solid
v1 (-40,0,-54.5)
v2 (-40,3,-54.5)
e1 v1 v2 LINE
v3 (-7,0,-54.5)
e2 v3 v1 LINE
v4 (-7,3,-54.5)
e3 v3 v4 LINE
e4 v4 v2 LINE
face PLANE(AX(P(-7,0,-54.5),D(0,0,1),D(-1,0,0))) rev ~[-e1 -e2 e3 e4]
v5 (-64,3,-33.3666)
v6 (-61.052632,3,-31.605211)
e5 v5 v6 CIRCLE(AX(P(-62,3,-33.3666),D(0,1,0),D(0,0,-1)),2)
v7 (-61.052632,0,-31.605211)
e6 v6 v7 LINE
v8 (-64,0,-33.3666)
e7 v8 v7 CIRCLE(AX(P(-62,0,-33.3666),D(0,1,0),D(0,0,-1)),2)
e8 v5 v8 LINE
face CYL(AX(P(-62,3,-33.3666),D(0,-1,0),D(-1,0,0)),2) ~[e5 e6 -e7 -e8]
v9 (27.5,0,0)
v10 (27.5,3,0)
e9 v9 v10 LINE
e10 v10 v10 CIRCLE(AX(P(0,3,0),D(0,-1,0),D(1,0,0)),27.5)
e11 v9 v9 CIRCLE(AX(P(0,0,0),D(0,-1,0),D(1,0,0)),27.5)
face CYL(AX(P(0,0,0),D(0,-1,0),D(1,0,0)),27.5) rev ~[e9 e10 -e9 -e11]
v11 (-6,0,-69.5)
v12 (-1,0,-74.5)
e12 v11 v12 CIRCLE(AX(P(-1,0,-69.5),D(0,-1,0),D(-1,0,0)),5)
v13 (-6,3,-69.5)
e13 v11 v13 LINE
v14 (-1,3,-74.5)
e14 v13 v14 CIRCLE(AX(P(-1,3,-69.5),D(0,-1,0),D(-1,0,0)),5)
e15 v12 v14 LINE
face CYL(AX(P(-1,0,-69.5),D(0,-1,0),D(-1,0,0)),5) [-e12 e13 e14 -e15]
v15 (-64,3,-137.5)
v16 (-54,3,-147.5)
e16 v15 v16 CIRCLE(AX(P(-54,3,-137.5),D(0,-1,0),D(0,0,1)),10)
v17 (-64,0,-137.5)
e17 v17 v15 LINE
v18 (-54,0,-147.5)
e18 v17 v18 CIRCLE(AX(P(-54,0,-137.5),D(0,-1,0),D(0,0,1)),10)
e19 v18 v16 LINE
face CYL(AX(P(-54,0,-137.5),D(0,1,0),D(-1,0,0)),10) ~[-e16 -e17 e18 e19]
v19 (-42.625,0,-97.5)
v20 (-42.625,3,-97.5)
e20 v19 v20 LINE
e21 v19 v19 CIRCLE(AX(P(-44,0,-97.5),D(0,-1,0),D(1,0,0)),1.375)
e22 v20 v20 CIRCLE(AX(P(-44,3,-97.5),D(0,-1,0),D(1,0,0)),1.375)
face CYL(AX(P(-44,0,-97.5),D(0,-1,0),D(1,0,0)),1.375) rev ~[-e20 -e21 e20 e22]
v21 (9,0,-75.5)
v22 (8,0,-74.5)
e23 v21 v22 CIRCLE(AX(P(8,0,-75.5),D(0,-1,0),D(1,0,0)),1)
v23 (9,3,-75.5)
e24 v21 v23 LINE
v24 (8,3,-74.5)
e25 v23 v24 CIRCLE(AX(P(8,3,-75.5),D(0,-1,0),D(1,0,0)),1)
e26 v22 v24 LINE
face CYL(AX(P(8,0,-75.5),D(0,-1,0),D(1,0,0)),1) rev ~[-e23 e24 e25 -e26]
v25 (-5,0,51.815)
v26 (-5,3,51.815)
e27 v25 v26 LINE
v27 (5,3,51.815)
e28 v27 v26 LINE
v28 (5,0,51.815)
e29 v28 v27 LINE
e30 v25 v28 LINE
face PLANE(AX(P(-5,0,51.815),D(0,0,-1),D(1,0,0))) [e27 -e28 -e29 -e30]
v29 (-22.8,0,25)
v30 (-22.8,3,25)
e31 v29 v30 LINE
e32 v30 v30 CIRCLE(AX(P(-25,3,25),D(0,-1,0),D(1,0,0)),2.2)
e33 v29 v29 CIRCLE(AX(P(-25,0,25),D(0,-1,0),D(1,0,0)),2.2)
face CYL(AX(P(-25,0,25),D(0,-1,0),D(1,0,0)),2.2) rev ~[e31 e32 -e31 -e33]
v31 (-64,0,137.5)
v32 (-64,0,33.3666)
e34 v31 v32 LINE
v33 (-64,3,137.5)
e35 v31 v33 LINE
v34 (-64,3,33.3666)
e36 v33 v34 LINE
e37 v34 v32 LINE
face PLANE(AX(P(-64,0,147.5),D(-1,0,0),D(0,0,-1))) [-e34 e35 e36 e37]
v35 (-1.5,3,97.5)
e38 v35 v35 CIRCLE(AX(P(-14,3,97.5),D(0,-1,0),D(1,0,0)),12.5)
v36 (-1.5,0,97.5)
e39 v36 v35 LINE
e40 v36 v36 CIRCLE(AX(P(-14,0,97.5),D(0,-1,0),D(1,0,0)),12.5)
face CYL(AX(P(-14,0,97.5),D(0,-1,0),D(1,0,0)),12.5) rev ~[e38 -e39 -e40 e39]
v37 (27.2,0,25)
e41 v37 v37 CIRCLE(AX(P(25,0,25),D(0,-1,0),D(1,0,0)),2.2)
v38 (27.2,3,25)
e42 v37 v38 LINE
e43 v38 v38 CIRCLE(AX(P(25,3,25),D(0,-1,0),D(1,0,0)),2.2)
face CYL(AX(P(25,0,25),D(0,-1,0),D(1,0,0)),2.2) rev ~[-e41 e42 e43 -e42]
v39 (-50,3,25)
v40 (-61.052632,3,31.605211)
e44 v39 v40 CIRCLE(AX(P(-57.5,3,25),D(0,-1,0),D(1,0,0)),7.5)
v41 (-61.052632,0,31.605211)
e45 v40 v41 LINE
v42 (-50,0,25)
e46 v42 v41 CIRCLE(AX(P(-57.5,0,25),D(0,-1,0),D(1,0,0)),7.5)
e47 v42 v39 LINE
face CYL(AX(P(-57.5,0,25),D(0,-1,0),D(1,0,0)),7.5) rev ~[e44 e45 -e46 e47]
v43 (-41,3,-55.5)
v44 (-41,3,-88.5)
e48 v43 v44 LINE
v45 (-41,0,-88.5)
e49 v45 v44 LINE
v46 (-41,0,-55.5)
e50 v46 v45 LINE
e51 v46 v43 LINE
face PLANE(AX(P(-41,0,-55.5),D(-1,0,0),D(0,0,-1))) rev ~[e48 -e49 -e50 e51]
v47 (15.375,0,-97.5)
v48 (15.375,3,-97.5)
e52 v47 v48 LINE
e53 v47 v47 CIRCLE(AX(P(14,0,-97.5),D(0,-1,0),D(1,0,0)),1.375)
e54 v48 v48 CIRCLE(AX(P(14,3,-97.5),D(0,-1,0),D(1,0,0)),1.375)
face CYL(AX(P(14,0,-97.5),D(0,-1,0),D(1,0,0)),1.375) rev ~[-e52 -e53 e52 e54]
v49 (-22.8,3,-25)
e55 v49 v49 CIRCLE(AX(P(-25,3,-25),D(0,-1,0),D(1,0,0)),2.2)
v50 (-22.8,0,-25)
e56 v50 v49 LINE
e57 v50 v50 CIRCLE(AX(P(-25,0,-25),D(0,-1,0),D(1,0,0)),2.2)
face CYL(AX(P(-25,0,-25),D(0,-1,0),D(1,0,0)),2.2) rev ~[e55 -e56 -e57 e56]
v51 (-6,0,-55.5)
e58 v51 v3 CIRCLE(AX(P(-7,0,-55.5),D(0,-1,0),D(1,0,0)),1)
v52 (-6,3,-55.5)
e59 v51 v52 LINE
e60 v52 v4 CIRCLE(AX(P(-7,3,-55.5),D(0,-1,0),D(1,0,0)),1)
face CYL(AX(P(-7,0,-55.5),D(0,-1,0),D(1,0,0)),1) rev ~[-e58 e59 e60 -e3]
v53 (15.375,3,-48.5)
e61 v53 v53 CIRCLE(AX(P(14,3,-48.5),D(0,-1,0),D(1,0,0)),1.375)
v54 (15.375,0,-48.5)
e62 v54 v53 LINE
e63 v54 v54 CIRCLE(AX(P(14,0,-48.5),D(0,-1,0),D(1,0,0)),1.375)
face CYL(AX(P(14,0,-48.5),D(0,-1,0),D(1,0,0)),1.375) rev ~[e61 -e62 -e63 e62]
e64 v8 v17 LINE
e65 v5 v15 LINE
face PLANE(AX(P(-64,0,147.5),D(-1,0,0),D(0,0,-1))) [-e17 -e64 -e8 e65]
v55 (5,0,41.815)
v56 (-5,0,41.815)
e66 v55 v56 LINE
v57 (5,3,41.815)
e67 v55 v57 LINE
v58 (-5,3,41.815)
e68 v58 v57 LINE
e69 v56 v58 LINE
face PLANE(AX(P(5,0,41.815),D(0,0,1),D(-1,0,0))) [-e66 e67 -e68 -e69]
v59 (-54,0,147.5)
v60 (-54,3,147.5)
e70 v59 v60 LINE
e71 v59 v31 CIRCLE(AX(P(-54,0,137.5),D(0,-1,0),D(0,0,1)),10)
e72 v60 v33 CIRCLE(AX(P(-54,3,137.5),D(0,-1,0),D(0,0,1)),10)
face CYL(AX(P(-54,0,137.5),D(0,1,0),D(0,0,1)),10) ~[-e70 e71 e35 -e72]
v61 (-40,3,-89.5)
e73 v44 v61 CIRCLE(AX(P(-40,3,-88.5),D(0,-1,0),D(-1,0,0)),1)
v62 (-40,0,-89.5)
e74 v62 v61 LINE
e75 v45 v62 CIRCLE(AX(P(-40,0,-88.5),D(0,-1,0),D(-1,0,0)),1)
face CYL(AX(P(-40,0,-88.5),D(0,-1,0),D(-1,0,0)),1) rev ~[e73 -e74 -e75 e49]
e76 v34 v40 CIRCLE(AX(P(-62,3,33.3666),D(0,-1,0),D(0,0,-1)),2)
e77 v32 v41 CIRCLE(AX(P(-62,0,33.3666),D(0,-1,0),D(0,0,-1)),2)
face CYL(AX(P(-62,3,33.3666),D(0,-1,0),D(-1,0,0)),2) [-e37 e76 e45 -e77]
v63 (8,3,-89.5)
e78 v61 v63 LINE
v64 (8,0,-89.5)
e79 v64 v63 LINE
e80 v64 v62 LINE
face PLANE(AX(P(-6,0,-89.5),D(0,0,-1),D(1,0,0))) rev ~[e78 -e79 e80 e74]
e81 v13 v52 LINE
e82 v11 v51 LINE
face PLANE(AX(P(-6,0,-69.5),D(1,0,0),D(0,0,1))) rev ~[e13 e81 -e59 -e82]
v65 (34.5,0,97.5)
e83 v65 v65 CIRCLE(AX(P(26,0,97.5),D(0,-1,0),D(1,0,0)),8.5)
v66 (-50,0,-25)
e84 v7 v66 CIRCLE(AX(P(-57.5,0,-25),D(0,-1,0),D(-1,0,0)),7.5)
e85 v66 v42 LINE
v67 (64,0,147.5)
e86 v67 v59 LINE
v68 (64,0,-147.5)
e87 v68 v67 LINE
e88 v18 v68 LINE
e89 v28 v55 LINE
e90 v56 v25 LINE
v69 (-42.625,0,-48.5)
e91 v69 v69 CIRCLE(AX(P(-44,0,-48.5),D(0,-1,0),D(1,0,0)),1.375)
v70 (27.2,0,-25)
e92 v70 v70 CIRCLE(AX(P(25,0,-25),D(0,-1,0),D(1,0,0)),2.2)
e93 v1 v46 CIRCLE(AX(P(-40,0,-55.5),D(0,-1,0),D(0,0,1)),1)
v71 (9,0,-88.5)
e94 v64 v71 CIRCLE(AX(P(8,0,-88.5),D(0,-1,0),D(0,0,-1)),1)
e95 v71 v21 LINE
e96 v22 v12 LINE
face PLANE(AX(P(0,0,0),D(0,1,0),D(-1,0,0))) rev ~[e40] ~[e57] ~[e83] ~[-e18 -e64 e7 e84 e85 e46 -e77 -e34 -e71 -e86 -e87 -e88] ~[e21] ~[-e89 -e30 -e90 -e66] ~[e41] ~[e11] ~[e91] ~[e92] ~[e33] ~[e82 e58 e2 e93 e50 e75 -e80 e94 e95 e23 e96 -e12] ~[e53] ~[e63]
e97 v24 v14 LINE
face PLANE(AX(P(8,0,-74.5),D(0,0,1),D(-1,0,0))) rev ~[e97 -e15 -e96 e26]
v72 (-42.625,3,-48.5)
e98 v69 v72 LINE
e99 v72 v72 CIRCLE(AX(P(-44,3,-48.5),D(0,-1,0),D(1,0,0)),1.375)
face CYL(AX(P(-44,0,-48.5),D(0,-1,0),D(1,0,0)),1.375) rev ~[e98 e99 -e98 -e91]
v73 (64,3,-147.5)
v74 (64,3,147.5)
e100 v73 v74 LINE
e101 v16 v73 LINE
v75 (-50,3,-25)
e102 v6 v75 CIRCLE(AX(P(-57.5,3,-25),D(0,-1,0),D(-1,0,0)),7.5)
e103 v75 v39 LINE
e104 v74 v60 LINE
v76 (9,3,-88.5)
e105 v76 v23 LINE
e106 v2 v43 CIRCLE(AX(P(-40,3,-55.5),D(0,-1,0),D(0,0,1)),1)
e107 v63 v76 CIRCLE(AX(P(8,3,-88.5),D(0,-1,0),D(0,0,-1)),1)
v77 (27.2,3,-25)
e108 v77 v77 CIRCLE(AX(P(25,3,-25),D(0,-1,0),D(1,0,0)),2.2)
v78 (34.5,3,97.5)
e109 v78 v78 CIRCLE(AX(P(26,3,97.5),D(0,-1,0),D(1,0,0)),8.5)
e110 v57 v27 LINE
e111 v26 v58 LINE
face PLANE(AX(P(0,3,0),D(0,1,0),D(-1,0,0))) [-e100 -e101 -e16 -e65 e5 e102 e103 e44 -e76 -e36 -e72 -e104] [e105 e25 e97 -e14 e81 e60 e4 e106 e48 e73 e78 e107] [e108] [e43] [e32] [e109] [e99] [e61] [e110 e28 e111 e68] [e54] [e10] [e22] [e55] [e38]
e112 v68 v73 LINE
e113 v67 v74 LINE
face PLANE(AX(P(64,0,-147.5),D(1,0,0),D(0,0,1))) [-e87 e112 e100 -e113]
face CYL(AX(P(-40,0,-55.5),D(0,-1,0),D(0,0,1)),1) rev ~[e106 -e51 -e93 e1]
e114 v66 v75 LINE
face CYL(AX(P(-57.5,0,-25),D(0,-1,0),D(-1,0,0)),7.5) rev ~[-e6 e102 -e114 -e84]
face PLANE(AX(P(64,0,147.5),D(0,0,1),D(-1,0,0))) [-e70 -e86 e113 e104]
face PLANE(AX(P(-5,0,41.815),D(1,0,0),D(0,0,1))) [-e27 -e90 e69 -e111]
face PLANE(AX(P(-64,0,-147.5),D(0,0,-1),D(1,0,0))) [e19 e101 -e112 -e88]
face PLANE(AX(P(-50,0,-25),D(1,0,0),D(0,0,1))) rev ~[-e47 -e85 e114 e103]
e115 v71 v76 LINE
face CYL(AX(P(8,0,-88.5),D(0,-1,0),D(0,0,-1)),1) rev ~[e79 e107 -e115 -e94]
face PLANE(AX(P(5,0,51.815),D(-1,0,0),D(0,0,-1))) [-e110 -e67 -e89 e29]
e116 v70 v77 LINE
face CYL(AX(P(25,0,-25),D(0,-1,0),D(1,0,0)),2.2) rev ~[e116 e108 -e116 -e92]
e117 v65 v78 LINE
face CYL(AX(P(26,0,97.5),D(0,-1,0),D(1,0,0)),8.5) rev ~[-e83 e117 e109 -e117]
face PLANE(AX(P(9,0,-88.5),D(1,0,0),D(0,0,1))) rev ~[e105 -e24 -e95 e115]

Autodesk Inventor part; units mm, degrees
ref_plane "YZ Plane" through (0, 0, 0) normal (1, 0, 0) x (0, 1, 0)
ref_plane "XZ Plane" through (0, 0, 0) normal (0, 1, 0) x (-1, 0, 0)
ref_plane "XY Plane" through (0, 0, 0) normal (0, 0, 1) x (1, 0, 0)
sketch "Sketch1" plane through (0, 0, 0) normal (0, 1, 0) x (-1, 0, 0)
  line L0 (64, -147.5) -> (-64, -147.5)
  line L1 (-64, -147.5) -> (-64, 147.5)
  line L2 (-64, 147.5) -> (64, 147.5)
  line L3 (64, 147.5) -> (64, -147.5)
  line L4 (64, -147.5) -> (-64, 147.5) construction
  line L5 (-64, -147.5) -> (64, 147.5) construction
  point P0 (0, 0)
  dimension "d0" = 128
  dimension "d1" = 295
extrude "Extrusion1" add sketch "Sketch1" along normal blind 3
sketch "Sketch2" plane through (0, 0, 0) normal (0, -1, 0) x (1, 0, 0)
  line L0 (-57.5, 25) -> (-57.5, -25) construction
  line L1 (-65, 25) -> (-65, -25)
  line L2 (-50, -25) -> (-50, 25)
  arc A0 (-50, 25) -> (-65, 25) centre (-57.5, 25) ccw
  arc A1 (-65, -25) -> (-50, -25) centre (-57.5, -25) ccw
  line L3 (-57.5, 0) -> (-7.5, 0) construction
  point P0 (0, 0)
  dimension "d4" = 25
  dimension "d5" = 90
  dimension "d6" = 15
  dimension "d7" = 50
extrude "Extrusion2" cut sketch "Sketch2" against normal blind 3
sketch "Sketch3" plane through (0, 0, 0) normal (0, -1, 0) x (1, 0, 0)
  line L0 (30, -30) -> (-30, -30)
  line L1 (-30, -30) -> (-30, 30)
  line L2 (-30, 30) -> (30, 30)
  line L3 (30, 30) -> (30, -30)
  line L4 (30, -30) -> (-30, 30) construction
  line L5 (-30, -30) -> (30, 30) construction
  circle A0 centre (-25, -25) radius 2.2
  circle A1 centre (-25, 25) radius 2.2
  circle A2 centre (25, 25) radius 2.2
  circle A3 centre (25, -25) radius 2.2
  circle A4 centre (0, 0) radius 27.5
  dimension "d10" = 60
  dimension "d11" = 60
  dimension "d12" = 4.4
  dimension "d13" = 5
  dimension "d14" = 4.4
  dimension "d15" = 4.4
  dimension "d16" = 4.4
  dimension "d17" = 5
  dimension "d18" = 5
  dimension "d19" = 5
  dimension "d20" = 55
extrude "Extrusion3" cut sketch "Sketch3" against normal blind 3 contours A0 | A1 | A2 | A3 | A4
sketch "Sketch5" plane through (0, 0, 0) normal (0, -1, 0) x (1, 0, 0)
  circle A0 centre (14, -97.5) radius 1.375
  circle A1 centre (-44, -97.5) radius 1.375
  circle A2 centre (-44, -48.5) radius 1.375
  circle A3 centre (14, -48.5) radius 1.375
  line L0 (-64, 147.5) -> (-64, -147.5) projected
  line L1 (-64, -147.5) -> (64, -147.5) projected
  point P0 (0, 0)
  dimension "d23" = 2.75
  dimension "d24" = 2.75
  dimension "d25" = 2.75
  dimension "d26" = 2.75
  dimension "d27" = 58
  dimension "d28" = 58
  dimension "d29" = 49
  dimension "d30" = 20
  dimension "d31" = 50
  dimension "d32" = 50
  dimension "d33" = 20
  dimension "d36" = 49
extrude "Extrusion4" cut sketch "Sketch5" against normal blind 3
sketch "Sketch6" plane through (0, 0, 0) normal (0, -1, 0) x (1, 0, 0)
  line L0 (-40, -89.5) -> (-6, -89.5)
  line L1 (-6, -69.5) -> (-6, -55.5)
  line L2 (-7, -54.5) -> (-40, -54.5)
  line L3 (-41, -55.5) -> (-41, -88.5)
  circle A0 centre (-44, -97.5) radius 1.375 projected
  circle A1 centre (-44, -48.5) radius 1.375 projected
  line L4 (-6, -89.5) -> (8, -89.5)
  line L5 (9, -88.5) -> (9, -75.5)
  line L6 (8, -74.5) -> (-1, -74.5)
  line L7 (-6, -74.5) -> (-6, -89.5)
  arc A2 (-6, -69.5) -> (-1, -74.5) centre (-1, -69.5) ccw
  arc A3 (9, -75.5) -> (8, -74.5) centre (8, -75.5) ccw
  arc A4 (8, -89.5) -> (9, -88.5) centre (8, -88.5) ccw
  arc A5 (-41, -88.5) -> (-40, -89.5) centre (-40, -88.5) ccw
  arc A6 (-40, -54.5) -> (-41, -55.5) centre (-40, -55.5) ccw
  arc A7 (-6, -55.5) -> (-7, -54.5) centre (-7, -55.5) ccw
  point P0 (0, 0)
  point P1 (9, -74.5)
  point P2 (9, -89.5)
  dimension "d39" = 3
  dimension "d43" = 6
  dimension "d58" = 15
  dimension "d59" = 15
  dimension "d60" = 5
  dimension "d61" = 1
extrude "Extrusion5" cut sketch "Sketch6" against normal blind 3 contours A5 L3 A6 L2 A7 L1 A2 L6 A3 L5 A4 L4 L0
sketch "Sketch8" plane through (0, 0, 0) normal (0, -1, 0) x (1, 0, 0)
  circle A0 centre (-14, 97.5) radius 12.5
  line L0 (64, 147.5) -> (-64, 147.5) projected
  line L1 (-64, 147.5) -> (-64, 28.7417) projected
  circle A1 centre (26, 97.5) radius 8.5
  point P0 (0, 0)
  dimension "d44" = 25
  dimension "d45" = 50
  dimension "d46" = 50
  dimension "d49" = 17
  dimension "d50" = 50
  dimension "d51" = 40
extrude "Extrusion6" cut sketch "Sketch8" against normal blind 3
fillet "Fillet1" radius 2 2 edges at (-64, 1.5, 28.7417) (-64, 1.5, -28.7417)
sketch "Sketch9" plane through (0, 0, 0) normal (0, -1, 0) x (1, 0, 0)
  line L0 (-5, 51.815) -> (5, 51.815)
  line L1 (5, 51.815) -> (5, 41.815)
  line L2 (5, 41.815) -> (-5, 41.815)
  line L3 (-5, 41.815) -> (-5, 51.815)
  line L4 (-5, 51.815) -> (5, 41.815) construction
  line L5 (5, 51.815) -> (-5, 41.815) construction
  point P0 (0, 0)
  point P1 (0, 46.815)
  dimension "d53" = 10
  dimension "d54" = 10
  dimension "d55" = 0
extrude "Extrusion7" cut sketch "Sketch9" against normal blind 10
fillet "Fillet2" radius 10 2 edges at (-64, 1.5, 147.5) (-64, 1.5, -147.5)
properties part number "binnenplaat"
